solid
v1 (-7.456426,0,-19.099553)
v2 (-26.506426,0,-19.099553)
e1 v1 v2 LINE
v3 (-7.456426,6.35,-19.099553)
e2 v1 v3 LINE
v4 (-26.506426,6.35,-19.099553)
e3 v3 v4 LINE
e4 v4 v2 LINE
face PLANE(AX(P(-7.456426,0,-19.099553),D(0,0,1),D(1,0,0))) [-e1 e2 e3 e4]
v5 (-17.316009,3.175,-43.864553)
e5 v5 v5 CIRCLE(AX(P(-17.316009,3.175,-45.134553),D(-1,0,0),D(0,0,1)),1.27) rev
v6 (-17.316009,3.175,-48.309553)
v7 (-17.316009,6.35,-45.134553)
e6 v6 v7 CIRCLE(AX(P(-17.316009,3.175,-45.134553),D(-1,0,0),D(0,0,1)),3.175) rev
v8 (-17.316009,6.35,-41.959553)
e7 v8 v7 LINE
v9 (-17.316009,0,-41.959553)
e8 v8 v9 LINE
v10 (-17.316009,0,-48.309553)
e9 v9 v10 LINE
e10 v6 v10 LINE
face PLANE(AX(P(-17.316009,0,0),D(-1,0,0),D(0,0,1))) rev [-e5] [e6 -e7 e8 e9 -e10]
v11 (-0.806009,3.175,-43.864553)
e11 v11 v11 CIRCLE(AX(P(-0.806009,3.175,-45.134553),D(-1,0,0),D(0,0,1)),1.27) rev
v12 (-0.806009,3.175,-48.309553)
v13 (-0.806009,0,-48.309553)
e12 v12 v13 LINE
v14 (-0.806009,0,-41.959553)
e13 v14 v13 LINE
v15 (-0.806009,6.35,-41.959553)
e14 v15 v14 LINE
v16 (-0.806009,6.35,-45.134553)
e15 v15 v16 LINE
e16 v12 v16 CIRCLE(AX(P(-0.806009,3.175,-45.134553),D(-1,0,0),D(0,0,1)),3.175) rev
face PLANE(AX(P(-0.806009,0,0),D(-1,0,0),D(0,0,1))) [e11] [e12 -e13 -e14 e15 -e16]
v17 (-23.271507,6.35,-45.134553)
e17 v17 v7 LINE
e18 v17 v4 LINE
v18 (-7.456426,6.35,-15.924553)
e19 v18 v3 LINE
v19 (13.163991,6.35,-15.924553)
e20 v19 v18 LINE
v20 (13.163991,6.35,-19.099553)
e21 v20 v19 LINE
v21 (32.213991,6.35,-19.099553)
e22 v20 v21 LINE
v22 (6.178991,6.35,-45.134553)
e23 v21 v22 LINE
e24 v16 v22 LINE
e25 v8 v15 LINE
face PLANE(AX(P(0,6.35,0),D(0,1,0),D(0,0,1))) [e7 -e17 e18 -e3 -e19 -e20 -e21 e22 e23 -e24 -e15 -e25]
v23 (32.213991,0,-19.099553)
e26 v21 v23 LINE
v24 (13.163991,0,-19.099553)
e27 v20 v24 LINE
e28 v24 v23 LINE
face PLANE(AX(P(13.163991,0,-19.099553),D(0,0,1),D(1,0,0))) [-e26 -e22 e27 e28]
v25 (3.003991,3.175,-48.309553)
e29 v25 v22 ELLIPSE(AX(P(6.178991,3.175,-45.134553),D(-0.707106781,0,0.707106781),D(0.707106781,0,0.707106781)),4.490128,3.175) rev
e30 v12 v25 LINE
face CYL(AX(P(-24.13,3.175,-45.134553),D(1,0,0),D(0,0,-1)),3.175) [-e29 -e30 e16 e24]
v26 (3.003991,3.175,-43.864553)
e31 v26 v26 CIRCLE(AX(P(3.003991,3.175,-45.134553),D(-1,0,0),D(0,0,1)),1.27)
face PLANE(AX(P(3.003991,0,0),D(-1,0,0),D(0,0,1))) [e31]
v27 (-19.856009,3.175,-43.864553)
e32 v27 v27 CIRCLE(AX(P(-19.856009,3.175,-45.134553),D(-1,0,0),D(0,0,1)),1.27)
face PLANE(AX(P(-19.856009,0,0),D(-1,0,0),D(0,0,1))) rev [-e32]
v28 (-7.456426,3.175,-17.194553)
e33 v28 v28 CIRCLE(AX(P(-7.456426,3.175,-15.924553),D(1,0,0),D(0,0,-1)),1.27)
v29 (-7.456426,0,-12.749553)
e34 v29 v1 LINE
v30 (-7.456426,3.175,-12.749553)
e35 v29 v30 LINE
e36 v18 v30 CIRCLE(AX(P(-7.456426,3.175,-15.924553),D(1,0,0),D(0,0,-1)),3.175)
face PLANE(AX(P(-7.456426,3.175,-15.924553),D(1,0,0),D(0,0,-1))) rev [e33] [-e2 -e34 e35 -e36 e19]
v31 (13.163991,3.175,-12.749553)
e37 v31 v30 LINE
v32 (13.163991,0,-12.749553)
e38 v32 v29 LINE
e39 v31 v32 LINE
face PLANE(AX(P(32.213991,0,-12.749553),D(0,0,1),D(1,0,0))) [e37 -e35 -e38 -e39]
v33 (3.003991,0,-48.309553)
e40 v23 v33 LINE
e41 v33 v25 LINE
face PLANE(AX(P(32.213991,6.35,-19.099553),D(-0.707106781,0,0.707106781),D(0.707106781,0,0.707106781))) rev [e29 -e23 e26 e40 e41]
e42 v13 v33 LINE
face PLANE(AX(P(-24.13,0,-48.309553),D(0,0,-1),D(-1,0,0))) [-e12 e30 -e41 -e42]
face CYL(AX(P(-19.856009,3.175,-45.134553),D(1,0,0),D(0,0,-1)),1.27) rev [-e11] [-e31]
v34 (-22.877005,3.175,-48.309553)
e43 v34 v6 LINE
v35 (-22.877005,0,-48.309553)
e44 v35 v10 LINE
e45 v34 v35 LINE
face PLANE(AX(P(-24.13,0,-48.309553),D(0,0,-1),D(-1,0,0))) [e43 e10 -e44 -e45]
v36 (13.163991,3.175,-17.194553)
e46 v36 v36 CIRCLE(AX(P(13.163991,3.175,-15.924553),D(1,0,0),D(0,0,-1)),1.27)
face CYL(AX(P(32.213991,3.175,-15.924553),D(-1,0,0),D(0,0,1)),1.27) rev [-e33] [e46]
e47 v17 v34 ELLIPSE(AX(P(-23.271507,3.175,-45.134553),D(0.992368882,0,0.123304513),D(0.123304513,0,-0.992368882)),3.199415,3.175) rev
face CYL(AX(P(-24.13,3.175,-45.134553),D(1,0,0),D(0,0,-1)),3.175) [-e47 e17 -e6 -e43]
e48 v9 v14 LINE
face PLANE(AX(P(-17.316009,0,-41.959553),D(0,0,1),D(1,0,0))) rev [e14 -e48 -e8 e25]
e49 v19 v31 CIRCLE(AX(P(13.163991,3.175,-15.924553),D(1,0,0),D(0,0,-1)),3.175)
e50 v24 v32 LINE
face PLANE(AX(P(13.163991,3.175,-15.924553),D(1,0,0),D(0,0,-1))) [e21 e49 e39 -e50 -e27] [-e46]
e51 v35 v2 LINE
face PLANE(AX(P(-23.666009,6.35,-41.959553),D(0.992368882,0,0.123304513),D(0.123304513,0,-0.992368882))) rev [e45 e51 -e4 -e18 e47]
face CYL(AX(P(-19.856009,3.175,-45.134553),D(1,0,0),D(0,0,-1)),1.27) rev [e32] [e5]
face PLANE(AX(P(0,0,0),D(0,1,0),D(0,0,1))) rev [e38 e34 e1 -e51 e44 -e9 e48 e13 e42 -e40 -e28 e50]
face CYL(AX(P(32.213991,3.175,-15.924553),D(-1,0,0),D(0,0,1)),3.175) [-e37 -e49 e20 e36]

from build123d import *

# Parameters (mm, degrees)
BOSS_EXTRUDE1_DEPTH      = 6.35
SKETCH2_R                = 3.175
SKETCH2_R_2              = 1.27
BOSS_EXTRUDE2_DEPTH      = 32.213991
BOSS_EXTRUDE2_DEPTH_BACK = 26.506426
CUT_EXTRUDE1_START       = 32.213991
SKETCH2_7_R              = 3.175
SKETCH2_7_R_2            = 1.27
CUT_EXTRUDE1_DEPTH       = 19.05
CUT_EXTRUDE2_START       = -26.506426
SKETCH2_8_R              = 3.175
SKETCH2_8_R_2            = 1.27
CUT_EXTRUDE2_DEPTH       = 19.05
BOSS_EXTRUDE3_DEPTH      = 19.05
BOSS_EXTRUDE3_DEPTH_BACK = 24.13
CUT_EXTRUDE3_DEPTH       = 19.05
CUT_EXTRUDE4_START       = 3.81
SKETCH6_R                = 3.175
SKETCH6_R_2              = 1.27
CUT_EXTRUDE4_DEPTH       = 16.51
SKETCH6_4_R              = 1.27
CUT_EXTRUDE5_DEPTH       = 22.86


with BuildPart() as part:
    # Sketch1 → Boss-Extrude1 (new body)
    with BuildSketch(Plane(origin=(0, 0, 0), x_dir=(1, 0, 0), z_dir=(0, 1, 0))):
        Polygon((-26.506426074, 19.099553328), (32.213990648, 19.099553328), (9.353990648, 41.959553328), (-23.666009352, 41.959553328), align=None)
    extrude(amount=BOSS_EXTRUDE1_DEPTH)

    # Sketch2 → Boss-Extrude2 (add, two sides)
    with BuildSketch(Plane(origin=(0, 0, 0), x_dir=(0, 0, -1), z_dir=(1, 0, 0))) as boss_extrude2_sk:
        with BuildLine():
            ThreePointArc((19.099553328, 3.175), (18.169617358, 0.92993597), (15.924553328, 0))
            Line((15.924553328, 0), (19.099553328, 0))
            Line((19.099553328, 0), (19.099553328, 3.175))
        make_face()
        with BuildLine():
            ThreePointArc((15.924553328, 6.35), (18.169617358, 5.42006403), (19.099553328, 3.175))
            Line((19.099553328, 3.175), (19.099553328, 6.35))
            Line((19.099553328, 6.35), (15.924553328, 6.35))
        make_face()
        with Locations((15.924553328, 3.175)):
            Circle(SKETCH2_R)
        with Locations((15.924553328, 3.175)):
            Circle(SKETCH2_R_2, mode=Mode.SUBTRACT)
        with BuildLine():
            Line((12.749553328, 3.175), (12.749553328, 0))
            Line((12.749553328, 0), (15.924553328, 0))
            ThreePointArc((15.924553328, 0), (13.679489298, 0.92993597), (12.749553328, 3.175))
        make_face()
    extrude(amount=BOSS_EXTRUDE2_DEPTH)
    extrude(boss_extrude2_sk.sketch, amount=-BOSS_EXTRUDE2_DEPTH_BACK)

    # Sketch2<7> → Cut-Extrude1 (cut)
    with BuildSketch(Plane(origin=(0, 0, 0), x_dir=(0, 0, -1), z_dir=(1, 0, 0)).offset(CUT_EXTRUDE1_START)):
        with Locations((15.924553328, 3.175)):
            Circle(SKETCH2_7_R)
        with Locations((15.924553328, 3.175)):
            Circle(SKETCH2_7_R_2, mode=Mode.SUBTRACT)
        with BuildLine():
            ThreePointArc((19.099553328, 3.175), (18.169617358, 0.92993597), (15.924553328, 0))
            Line((15.924553328, 0), (19.099553328, 0))
            Line((19.099553328, 0), (19.099553328, 3.175))
        make_face()
        with BuildLine():
            Line((12.749553328, 3.175), (12.749553328, 0))
            Line((12.749553328, 0), (15.924553328, 0))
            ThreePointArc((15.924553328, 0), (13.679489298, 0.92993597), (12.749553328, 3.175))
        make_face()
        with BuildLine():
            ThreePointArc((15.924553328, 6.35), (18.169617358, 5.42006403), (19.099553328, 3.175))
            Line((19.099553328, 3.175), (19.099553328, 6.35))
            Line((19.099553328, 6.35), (15.924553328, 6.35))
        make_face()
    extrude(amount=-CUT_EXTRUDE1_DEPTH, mode=Mode.SUBTRACT)

    # Sketch2<8> → Cut-Extrude2 (cut)
    with BuildSketch(Plane(origin=(0, 0, 0), x_dir=(0, 0, -1), z_dir=(1, 0, 0)).offset(CUT_EXTRUDE2_START)):
        with Locations((15.924553328, 3.175)):
            Circle(SKETCH2_8_R)
        with Locations((15.924553328, 3.175)):
            Circle(SKETCH2_8_R_2, mode=Mode.SUBTRACT)
        with BuildLine():
            ThreePointArc((19.099553328, 3.175), (18.169617358, 0.92993597), (15.924553328, 0))
            Line((15.924553328, 0), (19.099553328, 0))
            Line((19.099553328, 0), (19.099553328, 3.175))
        make_face()
        with BuildLine():
            Line((12.749553328, 3.175), (12.749553328, 0))
            Line((12.749553328, 0), (15.924553328, 0))
            ThreePointArc((15.924553328, 0), (13.679489298, 0.92993597), (12.749553328, 3.175))
        make_face()
        with BuildLine():
            ThreePointArc((15.924553328, 6.35), (18.169617358, 5.42006403), (19.099553328, 3.175))
            Line((19.099553328, 3.175), (19.099553328, 6.35))
            Line((19.099553328, 6.35), (15.924553328, 6.35))
        make_face()
    extrude(amount=CUT_EXTRUDE2_DEPTH, mode=Mode.SUBTRACT)

    # Sketch5 → Boss-Extrude3 (add, two sides)
    with BuildSketch(Plane(origin=(0, 0, 0), x_dir=(0, 0, -1), z_dir=(1, 0, 0))) as boss_extrude3_sk:
        with BuildLine():
            Line((48.309553328, 0), (48.309553328, 3.175))
            ThreePointArc((48.309553328, 3.175), (47.379617358, 5.42006403), (45.134553328, 6.35))
            Line((45.134553328, 6.35), (41.959553328, 6.35))
            Line((41.959553328, 6.35), (41.959553328, 0))
            Line((41.959553328, 0), (48.309553328, 0))
        make_face()
    extrude(amount=BOSS_EXTRUDE3_DEPTH)
    extrude(boss_extrude3_sk.sketch, amount=-BOSS_EXTRUDE3_DEPTH_BACK)

    # Sketch3 → Cut-Extrude3 (cut)
    with BuildSketch(Plane(origin=(0, 6.35, 0), x_dir=(1, 0, 0), z_dir=(0, 1, 0))):
        Polygon((-23.666009352, 41.959553328), (-20.016630387, 71.330174364), (9.353990648, 41.959553328), (25.531438474, 33.85540027), (42.679810996, 71.330174364), (-40.952906467, 76.015398382), (-46.546209233, 30.999855332), align=None)
    extrude(amount=-CUT_EXTRUDE3_DEPTH, mode=Mode.SUBTRACT)

    # Sketch6 → Cut-Extrude4 (cut)
    with BuildSketch(Plane(origin=(3.003990648, 0, 0), x_dir=(0, 1, 0), z_dir=(-1, 0, 0)).offset(CUT_EXTRUDE4_START)):
        with Locations((3.175, 45.134553328)):
            Circle(SKETCH6_R)
        with Locations(Location((3.175, 45.134553328, 0), (0, 0, 270))):
            Circle(SKETCH6_R_2, mode=Mode.SUBTRACT)
        with BuildLine():
            ThreePointArc((3.175, 48.309553328), (5.42006403, 47.379617358), (6.35, 45.134553328))
            Line((6.35, 45.134553328), (6.35, 48.309553328))
            Line((6.35, 48.309553328), (3.175, 48.309553328))
        make_face()
        with BuildLine():
            Line((0, 48.309553328), (0, 45.134553328))
            ThreePointArc((0, 45.134553328), (0.92993597, 47.379617358), (3.175, 48.309553328))
            Line((3.175, 48.309553328), (0, 48.309553328))
        make_face()
        with BuildLine():
            Line((3.175, 41.959553328), (6.35, 41.959553328))
            Line((6.35, 41.959553328), (6.35, 45.134553328))
            ThreePointArc((6.35, 45.134553328), (5.42006403, 42.889489298), (3.175, 41.959553328))
        make_face()
        with BuildLine():
            Line((0, 41.959553328), (3.175, 41.959553328))
            ThreePointArc((3.175, 41.959553328), (0.92993597, 42.889489298), (0, 45.134553328))
            Line((0, 45.134553328), (0, 41.959553328))
        make_face()
    extrude(amount=CUT_EXTRUDE4_DEPTH, mode=Mode.SUBTRACT)

    # Sketch6<4> → Cut-Extrude5 (cut)
    with BuildSketch(Plane(origin=(3.003990648, 0, 0), x_dir=(0, 1, 0), z_dir=(-1, 0, 0))):
        with Locations(Location((3.175, 45.134553328, 0), (0, 0, 270))):
            Circle(SKETCH6_4_R)
    extrude(amount=CUT_EXTRUDE5_DEPTH, mode=Mode.SUBTRACT)


solid = part.part
